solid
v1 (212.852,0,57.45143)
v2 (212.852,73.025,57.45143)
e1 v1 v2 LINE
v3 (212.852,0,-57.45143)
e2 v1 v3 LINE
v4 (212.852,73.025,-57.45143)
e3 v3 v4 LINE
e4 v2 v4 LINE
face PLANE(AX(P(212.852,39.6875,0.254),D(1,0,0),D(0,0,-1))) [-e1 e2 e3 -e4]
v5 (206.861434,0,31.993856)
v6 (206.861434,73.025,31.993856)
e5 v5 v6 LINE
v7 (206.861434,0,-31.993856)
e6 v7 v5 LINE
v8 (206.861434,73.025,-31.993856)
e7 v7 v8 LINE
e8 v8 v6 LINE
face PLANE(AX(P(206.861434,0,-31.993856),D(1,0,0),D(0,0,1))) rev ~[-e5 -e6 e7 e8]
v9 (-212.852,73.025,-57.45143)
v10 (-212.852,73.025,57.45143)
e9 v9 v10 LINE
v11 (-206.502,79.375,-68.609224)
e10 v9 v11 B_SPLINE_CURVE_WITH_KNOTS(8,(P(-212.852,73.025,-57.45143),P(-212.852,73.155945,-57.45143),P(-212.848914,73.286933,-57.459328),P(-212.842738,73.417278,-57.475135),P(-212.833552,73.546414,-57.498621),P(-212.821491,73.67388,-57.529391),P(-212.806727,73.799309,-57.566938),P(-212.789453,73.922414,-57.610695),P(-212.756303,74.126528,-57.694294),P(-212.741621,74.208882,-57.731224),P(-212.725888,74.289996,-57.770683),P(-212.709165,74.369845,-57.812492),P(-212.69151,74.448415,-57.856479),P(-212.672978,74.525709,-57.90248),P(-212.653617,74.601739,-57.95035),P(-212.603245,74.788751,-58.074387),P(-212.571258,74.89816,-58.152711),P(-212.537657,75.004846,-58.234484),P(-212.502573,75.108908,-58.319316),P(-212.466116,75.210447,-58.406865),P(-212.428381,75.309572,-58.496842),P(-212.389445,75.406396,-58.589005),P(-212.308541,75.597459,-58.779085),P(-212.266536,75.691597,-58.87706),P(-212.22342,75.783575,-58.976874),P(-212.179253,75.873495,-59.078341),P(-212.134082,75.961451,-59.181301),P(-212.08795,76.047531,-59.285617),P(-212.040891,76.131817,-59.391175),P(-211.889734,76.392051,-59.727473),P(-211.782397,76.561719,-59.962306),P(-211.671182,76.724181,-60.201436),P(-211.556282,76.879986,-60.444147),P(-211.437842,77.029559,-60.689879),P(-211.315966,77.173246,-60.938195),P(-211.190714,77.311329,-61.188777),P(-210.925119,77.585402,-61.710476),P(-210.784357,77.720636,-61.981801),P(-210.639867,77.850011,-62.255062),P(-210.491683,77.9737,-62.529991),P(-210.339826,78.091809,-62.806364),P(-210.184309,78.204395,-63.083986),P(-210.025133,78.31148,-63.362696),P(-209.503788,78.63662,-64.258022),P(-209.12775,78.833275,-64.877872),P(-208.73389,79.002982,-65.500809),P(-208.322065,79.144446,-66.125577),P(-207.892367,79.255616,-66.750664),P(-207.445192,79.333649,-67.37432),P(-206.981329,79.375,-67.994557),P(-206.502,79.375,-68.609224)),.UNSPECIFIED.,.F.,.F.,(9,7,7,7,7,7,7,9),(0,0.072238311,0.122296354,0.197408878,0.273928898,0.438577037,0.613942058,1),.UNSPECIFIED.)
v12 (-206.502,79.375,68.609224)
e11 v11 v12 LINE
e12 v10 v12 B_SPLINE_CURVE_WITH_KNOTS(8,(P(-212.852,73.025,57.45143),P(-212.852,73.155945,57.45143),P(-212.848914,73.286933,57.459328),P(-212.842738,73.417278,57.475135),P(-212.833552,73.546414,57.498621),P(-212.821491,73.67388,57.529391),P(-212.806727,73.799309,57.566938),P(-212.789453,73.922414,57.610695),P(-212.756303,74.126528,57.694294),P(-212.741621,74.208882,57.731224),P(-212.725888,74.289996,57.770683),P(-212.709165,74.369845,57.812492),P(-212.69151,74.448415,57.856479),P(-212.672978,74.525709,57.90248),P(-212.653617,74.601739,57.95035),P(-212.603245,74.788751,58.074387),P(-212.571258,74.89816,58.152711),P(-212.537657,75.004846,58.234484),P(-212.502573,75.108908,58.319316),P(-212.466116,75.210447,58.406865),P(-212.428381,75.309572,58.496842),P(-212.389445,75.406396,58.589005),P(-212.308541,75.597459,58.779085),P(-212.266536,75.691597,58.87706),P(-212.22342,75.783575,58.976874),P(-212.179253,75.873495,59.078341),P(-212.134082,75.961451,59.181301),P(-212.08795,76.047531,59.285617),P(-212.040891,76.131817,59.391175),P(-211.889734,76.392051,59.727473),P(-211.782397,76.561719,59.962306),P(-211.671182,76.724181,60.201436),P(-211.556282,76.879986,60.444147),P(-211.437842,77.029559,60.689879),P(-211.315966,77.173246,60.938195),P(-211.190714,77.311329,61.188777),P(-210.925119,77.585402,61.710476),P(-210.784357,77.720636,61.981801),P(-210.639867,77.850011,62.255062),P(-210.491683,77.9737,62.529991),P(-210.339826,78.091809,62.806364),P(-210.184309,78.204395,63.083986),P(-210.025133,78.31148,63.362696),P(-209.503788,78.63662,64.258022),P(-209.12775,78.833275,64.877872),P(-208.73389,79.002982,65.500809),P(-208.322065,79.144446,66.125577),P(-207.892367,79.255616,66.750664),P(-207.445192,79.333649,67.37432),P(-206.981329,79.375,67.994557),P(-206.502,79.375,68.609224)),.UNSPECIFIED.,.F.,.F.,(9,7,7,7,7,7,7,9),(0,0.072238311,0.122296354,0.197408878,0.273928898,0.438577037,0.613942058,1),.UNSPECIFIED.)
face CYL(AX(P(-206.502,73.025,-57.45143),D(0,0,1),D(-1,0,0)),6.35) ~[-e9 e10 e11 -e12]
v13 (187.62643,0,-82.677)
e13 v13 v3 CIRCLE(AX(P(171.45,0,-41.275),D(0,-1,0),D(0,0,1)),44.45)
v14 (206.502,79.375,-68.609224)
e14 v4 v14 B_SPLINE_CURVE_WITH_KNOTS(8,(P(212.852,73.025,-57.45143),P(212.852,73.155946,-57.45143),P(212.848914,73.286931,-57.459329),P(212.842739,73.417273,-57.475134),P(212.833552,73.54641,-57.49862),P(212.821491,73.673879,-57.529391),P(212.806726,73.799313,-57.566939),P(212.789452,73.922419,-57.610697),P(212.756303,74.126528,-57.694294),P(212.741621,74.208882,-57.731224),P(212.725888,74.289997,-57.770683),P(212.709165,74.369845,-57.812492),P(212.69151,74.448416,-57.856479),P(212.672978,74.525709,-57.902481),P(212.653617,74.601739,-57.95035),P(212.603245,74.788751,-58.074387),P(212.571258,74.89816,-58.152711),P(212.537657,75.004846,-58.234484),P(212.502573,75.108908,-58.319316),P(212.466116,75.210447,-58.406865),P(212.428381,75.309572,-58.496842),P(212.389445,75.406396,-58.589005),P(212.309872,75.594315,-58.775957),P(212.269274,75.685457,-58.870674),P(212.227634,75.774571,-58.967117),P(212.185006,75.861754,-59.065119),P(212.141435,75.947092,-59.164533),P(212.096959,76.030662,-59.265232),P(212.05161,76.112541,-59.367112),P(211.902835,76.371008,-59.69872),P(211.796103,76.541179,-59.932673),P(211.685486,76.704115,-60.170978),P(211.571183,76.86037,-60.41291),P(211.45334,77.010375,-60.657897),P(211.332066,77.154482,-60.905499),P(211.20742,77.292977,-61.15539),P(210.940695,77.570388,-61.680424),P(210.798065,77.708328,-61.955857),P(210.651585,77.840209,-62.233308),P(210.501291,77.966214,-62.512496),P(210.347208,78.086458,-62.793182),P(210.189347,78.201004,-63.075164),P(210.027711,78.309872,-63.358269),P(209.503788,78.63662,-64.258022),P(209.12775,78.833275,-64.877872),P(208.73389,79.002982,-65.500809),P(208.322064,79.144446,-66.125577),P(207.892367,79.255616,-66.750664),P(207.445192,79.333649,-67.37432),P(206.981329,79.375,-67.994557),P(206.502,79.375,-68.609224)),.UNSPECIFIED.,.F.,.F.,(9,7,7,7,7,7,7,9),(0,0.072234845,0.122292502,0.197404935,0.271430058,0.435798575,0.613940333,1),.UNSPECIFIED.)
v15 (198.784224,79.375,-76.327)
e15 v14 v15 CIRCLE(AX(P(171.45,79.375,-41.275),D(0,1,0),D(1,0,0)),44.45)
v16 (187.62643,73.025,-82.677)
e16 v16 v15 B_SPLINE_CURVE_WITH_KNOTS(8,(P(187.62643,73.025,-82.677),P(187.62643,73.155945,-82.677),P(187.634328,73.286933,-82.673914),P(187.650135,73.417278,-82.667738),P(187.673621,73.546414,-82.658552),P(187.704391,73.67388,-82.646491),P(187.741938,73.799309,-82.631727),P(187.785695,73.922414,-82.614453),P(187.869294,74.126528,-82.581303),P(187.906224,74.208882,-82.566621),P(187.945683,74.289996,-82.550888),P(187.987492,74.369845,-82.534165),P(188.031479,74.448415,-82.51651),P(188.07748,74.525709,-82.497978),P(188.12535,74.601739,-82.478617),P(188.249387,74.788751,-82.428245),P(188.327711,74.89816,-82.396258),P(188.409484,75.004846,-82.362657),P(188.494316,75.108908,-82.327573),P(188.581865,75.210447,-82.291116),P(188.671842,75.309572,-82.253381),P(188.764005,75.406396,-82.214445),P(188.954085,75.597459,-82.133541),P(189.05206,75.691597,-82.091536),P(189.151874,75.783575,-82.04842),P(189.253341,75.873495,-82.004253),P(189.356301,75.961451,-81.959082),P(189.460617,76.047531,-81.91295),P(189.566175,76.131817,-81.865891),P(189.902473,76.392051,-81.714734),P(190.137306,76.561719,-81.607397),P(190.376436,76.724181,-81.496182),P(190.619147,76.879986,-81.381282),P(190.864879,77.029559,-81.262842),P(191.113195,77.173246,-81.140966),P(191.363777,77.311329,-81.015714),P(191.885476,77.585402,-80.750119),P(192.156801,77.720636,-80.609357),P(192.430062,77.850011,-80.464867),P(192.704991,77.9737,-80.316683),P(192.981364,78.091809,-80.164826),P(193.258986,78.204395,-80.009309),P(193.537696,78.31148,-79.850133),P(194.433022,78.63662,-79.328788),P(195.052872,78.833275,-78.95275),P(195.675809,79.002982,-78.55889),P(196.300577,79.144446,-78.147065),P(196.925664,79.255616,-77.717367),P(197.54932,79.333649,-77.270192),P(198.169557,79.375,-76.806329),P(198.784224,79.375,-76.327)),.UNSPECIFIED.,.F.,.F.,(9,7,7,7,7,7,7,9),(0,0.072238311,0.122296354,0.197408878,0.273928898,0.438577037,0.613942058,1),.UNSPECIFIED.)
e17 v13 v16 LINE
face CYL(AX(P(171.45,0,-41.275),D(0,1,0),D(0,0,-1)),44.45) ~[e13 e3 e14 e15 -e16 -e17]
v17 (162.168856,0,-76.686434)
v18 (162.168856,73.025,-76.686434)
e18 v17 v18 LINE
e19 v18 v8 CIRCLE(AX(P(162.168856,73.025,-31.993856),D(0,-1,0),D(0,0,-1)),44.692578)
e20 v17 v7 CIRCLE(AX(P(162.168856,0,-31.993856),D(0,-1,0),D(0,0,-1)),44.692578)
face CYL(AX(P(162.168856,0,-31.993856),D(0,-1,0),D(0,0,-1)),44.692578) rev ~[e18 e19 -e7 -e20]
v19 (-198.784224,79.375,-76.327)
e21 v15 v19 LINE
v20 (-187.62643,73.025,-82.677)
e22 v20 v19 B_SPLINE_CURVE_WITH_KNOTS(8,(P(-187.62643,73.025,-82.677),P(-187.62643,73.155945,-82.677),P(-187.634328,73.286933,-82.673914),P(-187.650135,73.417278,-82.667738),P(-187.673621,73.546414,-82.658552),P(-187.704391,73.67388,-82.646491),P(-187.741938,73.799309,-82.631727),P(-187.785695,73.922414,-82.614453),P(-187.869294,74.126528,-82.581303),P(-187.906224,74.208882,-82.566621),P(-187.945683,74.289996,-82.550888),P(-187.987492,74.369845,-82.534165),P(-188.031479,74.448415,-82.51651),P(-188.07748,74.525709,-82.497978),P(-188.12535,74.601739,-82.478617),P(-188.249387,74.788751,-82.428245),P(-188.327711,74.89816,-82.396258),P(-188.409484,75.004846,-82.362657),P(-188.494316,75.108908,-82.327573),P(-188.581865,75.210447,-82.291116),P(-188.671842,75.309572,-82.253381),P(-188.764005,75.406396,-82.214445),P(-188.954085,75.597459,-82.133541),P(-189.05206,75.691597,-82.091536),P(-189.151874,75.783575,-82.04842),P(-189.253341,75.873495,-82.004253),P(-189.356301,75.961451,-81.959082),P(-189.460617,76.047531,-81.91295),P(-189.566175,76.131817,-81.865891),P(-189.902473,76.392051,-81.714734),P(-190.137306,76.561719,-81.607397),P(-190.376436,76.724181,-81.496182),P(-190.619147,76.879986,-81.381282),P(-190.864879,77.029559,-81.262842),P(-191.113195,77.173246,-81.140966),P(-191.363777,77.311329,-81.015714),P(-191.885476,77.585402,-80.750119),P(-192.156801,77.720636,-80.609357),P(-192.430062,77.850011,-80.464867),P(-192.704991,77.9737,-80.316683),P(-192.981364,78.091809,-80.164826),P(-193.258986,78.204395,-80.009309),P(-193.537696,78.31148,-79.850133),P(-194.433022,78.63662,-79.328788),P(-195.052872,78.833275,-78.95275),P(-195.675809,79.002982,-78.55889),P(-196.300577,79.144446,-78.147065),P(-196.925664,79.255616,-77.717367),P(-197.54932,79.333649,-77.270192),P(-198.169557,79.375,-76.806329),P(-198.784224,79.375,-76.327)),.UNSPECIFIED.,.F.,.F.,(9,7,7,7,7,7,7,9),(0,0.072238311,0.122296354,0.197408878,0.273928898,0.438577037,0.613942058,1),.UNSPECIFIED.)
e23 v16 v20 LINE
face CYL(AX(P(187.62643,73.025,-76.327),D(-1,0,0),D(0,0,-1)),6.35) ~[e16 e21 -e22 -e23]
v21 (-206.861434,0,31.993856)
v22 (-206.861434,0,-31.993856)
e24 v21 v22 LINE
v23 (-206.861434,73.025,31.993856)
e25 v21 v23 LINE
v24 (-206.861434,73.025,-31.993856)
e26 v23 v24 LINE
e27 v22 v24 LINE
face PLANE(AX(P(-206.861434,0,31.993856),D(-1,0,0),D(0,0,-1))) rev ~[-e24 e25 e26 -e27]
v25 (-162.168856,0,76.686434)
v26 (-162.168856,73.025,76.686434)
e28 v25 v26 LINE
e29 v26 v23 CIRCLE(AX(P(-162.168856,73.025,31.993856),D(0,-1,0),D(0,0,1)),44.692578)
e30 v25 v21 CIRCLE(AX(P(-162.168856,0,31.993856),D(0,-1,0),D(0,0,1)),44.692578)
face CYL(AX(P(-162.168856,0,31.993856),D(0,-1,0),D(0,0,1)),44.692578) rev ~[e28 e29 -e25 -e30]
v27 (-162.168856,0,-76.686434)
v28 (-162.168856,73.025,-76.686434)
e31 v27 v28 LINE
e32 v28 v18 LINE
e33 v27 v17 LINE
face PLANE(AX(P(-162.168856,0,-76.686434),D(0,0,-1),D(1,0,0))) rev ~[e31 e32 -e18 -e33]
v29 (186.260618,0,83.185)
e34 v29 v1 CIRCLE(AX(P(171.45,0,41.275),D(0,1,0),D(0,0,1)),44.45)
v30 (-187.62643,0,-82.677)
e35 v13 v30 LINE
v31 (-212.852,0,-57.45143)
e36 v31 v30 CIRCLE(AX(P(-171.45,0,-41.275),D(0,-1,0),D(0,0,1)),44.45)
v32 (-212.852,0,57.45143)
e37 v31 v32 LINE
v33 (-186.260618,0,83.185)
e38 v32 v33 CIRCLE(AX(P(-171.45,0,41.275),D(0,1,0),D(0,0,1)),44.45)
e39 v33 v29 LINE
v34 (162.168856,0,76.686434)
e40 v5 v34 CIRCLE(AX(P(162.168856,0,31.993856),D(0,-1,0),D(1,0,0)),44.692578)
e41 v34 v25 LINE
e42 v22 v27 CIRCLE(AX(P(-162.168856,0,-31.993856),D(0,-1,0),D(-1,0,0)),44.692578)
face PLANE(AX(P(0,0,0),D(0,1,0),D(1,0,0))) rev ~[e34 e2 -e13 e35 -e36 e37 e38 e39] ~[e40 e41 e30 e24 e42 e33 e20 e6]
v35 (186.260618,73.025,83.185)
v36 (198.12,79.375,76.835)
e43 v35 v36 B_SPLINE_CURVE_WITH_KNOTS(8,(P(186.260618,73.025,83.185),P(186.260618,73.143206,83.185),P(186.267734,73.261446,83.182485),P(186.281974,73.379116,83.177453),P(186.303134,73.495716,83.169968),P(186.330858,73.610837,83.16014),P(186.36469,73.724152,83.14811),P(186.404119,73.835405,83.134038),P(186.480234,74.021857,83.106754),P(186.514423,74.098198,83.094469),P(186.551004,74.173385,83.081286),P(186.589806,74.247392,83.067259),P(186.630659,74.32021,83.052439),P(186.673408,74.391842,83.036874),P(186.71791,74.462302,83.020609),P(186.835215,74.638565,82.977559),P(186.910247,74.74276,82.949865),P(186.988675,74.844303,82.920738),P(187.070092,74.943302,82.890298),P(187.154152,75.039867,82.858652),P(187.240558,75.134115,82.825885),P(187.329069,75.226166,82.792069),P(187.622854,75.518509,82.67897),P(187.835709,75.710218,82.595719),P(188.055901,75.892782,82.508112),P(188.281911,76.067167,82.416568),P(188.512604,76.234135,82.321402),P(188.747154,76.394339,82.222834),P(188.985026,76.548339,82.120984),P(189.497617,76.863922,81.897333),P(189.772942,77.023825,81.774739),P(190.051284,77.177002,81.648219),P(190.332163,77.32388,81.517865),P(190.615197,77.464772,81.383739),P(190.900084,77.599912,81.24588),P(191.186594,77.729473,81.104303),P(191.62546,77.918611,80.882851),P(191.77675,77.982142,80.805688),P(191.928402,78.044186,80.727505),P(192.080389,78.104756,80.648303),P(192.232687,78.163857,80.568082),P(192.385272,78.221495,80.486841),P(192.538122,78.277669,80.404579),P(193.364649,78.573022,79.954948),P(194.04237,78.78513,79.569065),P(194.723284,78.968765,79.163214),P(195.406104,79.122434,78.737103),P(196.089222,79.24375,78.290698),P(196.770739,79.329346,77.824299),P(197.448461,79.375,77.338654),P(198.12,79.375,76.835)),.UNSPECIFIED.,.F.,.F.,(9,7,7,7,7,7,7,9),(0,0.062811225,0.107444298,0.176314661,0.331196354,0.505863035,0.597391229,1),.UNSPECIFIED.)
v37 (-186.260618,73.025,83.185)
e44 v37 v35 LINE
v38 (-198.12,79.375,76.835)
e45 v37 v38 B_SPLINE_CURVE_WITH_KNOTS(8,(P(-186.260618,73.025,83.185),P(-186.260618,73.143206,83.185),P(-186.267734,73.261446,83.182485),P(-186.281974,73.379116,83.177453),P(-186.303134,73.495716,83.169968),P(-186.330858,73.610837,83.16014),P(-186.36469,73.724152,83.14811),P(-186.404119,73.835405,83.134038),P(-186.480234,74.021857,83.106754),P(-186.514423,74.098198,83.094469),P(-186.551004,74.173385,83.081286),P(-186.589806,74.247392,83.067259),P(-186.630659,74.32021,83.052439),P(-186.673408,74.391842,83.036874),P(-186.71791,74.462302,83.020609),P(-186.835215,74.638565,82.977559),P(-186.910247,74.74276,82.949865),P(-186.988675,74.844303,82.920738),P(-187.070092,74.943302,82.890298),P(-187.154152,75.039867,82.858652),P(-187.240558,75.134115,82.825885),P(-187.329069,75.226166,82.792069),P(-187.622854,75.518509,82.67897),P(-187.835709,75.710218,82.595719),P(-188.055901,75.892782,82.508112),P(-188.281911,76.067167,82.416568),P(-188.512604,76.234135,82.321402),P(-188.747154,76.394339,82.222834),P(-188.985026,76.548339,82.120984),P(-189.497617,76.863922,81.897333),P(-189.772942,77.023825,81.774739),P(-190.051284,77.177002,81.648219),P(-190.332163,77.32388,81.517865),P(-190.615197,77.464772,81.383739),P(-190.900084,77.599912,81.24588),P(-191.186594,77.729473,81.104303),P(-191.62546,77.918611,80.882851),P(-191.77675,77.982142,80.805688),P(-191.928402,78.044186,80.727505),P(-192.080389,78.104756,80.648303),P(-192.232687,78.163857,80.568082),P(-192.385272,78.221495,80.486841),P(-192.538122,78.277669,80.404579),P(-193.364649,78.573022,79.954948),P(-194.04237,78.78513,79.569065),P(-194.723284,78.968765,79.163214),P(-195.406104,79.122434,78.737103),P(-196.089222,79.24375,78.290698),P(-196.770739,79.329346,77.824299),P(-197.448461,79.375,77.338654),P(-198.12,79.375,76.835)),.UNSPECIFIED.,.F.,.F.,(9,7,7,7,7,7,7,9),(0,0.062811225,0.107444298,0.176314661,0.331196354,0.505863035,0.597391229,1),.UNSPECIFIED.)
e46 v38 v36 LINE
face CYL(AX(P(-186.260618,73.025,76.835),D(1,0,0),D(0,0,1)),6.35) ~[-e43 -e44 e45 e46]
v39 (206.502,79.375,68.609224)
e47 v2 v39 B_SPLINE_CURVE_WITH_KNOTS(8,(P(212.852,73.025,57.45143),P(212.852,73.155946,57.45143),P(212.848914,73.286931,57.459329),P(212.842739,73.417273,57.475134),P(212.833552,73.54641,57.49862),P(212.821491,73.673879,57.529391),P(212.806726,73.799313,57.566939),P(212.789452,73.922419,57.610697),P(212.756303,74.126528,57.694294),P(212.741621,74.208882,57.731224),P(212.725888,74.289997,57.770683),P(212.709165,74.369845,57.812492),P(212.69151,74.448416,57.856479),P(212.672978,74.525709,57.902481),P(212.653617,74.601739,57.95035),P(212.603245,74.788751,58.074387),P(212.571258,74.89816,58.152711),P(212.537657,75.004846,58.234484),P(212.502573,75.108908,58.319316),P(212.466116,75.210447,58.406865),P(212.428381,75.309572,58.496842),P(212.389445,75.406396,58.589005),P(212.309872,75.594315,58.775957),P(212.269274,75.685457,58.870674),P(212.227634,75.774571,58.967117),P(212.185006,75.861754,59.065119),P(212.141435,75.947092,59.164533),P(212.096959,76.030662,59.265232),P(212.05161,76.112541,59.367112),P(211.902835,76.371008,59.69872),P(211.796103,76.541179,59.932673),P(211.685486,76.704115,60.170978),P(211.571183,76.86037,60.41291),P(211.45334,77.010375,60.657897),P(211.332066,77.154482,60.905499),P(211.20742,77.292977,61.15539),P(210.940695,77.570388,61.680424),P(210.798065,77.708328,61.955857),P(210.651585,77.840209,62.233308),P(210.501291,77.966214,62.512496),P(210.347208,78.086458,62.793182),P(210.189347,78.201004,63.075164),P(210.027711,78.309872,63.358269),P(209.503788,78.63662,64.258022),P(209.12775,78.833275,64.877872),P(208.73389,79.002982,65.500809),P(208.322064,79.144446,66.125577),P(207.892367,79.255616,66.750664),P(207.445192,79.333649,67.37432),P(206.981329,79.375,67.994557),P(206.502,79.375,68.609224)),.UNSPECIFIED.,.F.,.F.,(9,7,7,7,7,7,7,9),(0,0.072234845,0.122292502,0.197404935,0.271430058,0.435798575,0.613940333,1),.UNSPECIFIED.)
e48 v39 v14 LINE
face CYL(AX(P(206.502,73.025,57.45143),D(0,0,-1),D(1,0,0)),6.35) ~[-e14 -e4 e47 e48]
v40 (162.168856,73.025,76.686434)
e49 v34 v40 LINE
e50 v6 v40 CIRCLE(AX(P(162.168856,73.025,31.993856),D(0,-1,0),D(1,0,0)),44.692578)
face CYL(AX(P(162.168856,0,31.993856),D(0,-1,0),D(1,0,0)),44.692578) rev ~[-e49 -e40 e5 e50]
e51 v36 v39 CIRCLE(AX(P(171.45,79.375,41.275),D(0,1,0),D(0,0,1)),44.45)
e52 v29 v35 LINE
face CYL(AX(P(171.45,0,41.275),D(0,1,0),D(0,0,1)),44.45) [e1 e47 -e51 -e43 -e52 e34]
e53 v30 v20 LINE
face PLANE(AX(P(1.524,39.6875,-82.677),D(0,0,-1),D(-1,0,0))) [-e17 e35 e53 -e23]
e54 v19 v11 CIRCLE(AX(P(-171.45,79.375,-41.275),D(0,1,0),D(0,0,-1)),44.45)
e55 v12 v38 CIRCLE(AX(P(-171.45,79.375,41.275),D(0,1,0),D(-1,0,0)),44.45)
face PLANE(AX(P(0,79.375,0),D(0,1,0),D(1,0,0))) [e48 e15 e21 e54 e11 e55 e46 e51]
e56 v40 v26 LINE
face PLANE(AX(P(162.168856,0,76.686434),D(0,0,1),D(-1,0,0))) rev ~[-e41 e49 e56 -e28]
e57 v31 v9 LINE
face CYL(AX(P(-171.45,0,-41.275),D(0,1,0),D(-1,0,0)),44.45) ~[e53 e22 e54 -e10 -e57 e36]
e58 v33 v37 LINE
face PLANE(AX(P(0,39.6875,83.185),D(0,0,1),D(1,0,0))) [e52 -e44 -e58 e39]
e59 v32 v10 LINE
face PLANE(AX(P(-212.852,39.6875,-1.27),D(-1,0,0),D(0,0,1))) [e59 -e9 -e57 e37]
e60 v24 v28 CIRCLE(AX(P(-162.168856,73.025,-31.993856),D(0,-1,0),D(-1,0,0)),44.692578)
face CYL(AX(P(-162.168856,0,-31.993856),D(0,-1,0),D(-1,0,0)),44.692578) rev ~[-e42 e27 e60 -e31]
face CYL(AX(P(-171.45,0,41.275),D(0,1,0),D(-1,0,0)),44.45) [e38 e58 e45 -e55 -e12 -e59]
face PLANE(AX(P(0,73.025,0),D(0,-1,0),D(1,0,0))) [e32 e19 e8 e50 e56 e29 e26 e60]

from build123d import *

# Parameters (mm, degrees)
SKETCH1_W                  = 431.8
SKETCH1_H                  = 171.45
BOSS_EXTRUDE1_DEPTH        = 85.725
CUT_EXTRUDE1_DEPTH         = 73.025
FILLET3_R                  = 44.45
F_0_25_OFF_THE_TOP_DEPTH   = 6.35
SKETCH4_W                  = 431.8
SKETCH4_H                  = 79.375
F_0_12_OFF_THE_SIDE_DEPTH  = 2.54
SKETCH5_W                  = 168.91
SKETCH5_H                  = 79.375
F_0_12_OFF_THE_FRONT_DEPTH = 3.048
SKETCH6_W                  = 428.752
SKETCH6_H                  = 79.375
CUT_EXTRUDE5_DEPTH         = 3.048
SKETCH7_W                  = 165.862
SKETCH7_H                  = 79.375
CUT_EXTRUDE6_DEPTH         = 3.048
FILLET5_R                  = 6.35


with BuildPart() as part:
    # Sketch1 → Boss-Extrude1 (new body)
    with BuildSketch(Plane(origin=(0, 0, 0), x_dir=(1, 0, 0), z_dir=(0, 1, 0))):
        Rectangle(SKETCH1_W, SKETCH1_H)
    extrude(amount=BOSS_EXTRUDE1_DEPTH)

    # Sketch2 → Cut-Extrude1 (cut)
    with BuildSketch(Plane.XZ):
        with BuildLine():
            Line((162.16885638, 76.686434381), (-162.16885638, 76.686434381))
            ThreePointArc((-162.16885638, 76.686434381), (-193.771281353, 63.596281353), (-206.861434381, 31.99385638))
            Line((-206.861434381, 31.99385638), (-206.861434381, -31.99385638))
            ThreePointArc((-206.861434381, -31.99385638), (-193.771281353, -63.596281353), (-162.16885638, -76.686434381))
            Line((-162.16885638, -76.686434381), (162.16885638, -76.686434381))
            ThreePointArc((162.16885638, -76.686434381), (193.771281353, -63.596281353), (206.861434381, -31.99385638))
            Line((206.861434381, -31.99385638), (206.861434381, 31.99385638))
            ThreePointArc((206.861434381, 31.99385638), (193.771281353, 63.596281353), (162.16885638, 76.686434381))
        make_face()
    extrude(amount=-CUT_EXTRUDE1_DEPTH, mode=Mode.SUBTRACT)

    # Fillet3
    fillet3_edges = [part.edges().sort_by_distance(p)[0] for p in [
        (215.9, 42.8625, 85.725),
        (-215.9, 42.8625, 85.725),
        (-215.9, 42.8625, -85.725),
        (215.9, 42.8625, -85.725),
    ]]
    fillet(fillet3_edges, radius=FILLET3_R)

    # Sketch3 → 0.25 off the top (cut)
    with BuildSketch(Plane(origin=(0, 85.725, 0), x_dir=(1, 0, 0), z_dir=(0, 1, 0))):
        with BuildLine():
            Line((215.9, -41.275), (215.9, 41.275))
            ThreePointArc((215.9, 41.275), (202.880896424, 72.705896424), (171.45, 85.725))
            Line((171.45, 85.725), (-171.45, 85.725))
            ThreePointArc((-171.45, 85.725), (-202.880896424, 72.705896424), (-215.9, 41.275))
            Line((-215.9, 41.275), (-215.9, -41.275))
            ThreePointArc((-215.9, -41.275), (-202.880896424, -72.705896424), (-171.45, -85.725))
            Line((-171.45, -85.725), (171.45, -85.725))
            ThreePointArc((171.45, -85.725), (202.880896424, -72.705896424), (215.9, -41.275))
        make_face()
    extrude(amount=-F_0_25_OFF_THE_TOP_DEPTH, mode=Mode.SUBTRACT)

    # Sketch4 → 0.12 off the side (cut)
    with BuildSketch(Plane.XY.offset(85.725)):
        with Locations((0, 39.6875)):
            Rectangle(SKETCH4_W, SKETCH4_H)
    extrude(amount=-F_0_12_OFF_THE_SIDE_DEPTH, mode=Mode.SUBTRACT)

    # Sketch5 → 0.12 off the front (cut)
    with BuildSketch(Plane.ZY.offset(215.9)):
        with Locations((-1.27, 39.6875)):
            Rectangle(SKETCH5_W, SKETCH5_H)
    extrude(amount=-F_0_12_OFF_THE_FRONT_DEPTH, mode=Mode.SUBTRACT)

    # Sketch6 → Cut-Extrude5 (cut)
    with BuildSketch(Plane(origin=(0, 0, -85.725), x_dir=(-1, 0, 0), z_dir=(0, 0, -1))):
        with Locations((-1.524, 39.6875)):
            Rectangle(SKETCH6_W, SKETCH6_H)
    extrude(amount=-CUT_EXTRUDE5_DEPTH, mode=Mode.SUBTRACT)

    # Sketch7 → Cut-Extrude6 (cut)
    with BuildSketch(Plane(origin=(215.9, 0, 0), x_dir=(0, 0, -1), z_dir=(1, 0, 0))):
        with Locations((-0.254, 39.6875)):
            Rectangle(SKETCH7_W, SKETCH7_H)
    extrude(amount=-CUT_EXTRUDE6_DEPTH, mode=Mode.SUBTRACT)

    # Fillet5
    fillet5_edges = [part.edges().sort_by_distance(p)[0] for p in [
        (-212.852, 79.375, 0),
        (0, 79.375, -82.677),
        (212.852, 79.375, 0),
        (0, 79.375, 83.185),
    ]]
    fillet(fillet5_edges, radius=FILLET5_R)


solid = part.part
